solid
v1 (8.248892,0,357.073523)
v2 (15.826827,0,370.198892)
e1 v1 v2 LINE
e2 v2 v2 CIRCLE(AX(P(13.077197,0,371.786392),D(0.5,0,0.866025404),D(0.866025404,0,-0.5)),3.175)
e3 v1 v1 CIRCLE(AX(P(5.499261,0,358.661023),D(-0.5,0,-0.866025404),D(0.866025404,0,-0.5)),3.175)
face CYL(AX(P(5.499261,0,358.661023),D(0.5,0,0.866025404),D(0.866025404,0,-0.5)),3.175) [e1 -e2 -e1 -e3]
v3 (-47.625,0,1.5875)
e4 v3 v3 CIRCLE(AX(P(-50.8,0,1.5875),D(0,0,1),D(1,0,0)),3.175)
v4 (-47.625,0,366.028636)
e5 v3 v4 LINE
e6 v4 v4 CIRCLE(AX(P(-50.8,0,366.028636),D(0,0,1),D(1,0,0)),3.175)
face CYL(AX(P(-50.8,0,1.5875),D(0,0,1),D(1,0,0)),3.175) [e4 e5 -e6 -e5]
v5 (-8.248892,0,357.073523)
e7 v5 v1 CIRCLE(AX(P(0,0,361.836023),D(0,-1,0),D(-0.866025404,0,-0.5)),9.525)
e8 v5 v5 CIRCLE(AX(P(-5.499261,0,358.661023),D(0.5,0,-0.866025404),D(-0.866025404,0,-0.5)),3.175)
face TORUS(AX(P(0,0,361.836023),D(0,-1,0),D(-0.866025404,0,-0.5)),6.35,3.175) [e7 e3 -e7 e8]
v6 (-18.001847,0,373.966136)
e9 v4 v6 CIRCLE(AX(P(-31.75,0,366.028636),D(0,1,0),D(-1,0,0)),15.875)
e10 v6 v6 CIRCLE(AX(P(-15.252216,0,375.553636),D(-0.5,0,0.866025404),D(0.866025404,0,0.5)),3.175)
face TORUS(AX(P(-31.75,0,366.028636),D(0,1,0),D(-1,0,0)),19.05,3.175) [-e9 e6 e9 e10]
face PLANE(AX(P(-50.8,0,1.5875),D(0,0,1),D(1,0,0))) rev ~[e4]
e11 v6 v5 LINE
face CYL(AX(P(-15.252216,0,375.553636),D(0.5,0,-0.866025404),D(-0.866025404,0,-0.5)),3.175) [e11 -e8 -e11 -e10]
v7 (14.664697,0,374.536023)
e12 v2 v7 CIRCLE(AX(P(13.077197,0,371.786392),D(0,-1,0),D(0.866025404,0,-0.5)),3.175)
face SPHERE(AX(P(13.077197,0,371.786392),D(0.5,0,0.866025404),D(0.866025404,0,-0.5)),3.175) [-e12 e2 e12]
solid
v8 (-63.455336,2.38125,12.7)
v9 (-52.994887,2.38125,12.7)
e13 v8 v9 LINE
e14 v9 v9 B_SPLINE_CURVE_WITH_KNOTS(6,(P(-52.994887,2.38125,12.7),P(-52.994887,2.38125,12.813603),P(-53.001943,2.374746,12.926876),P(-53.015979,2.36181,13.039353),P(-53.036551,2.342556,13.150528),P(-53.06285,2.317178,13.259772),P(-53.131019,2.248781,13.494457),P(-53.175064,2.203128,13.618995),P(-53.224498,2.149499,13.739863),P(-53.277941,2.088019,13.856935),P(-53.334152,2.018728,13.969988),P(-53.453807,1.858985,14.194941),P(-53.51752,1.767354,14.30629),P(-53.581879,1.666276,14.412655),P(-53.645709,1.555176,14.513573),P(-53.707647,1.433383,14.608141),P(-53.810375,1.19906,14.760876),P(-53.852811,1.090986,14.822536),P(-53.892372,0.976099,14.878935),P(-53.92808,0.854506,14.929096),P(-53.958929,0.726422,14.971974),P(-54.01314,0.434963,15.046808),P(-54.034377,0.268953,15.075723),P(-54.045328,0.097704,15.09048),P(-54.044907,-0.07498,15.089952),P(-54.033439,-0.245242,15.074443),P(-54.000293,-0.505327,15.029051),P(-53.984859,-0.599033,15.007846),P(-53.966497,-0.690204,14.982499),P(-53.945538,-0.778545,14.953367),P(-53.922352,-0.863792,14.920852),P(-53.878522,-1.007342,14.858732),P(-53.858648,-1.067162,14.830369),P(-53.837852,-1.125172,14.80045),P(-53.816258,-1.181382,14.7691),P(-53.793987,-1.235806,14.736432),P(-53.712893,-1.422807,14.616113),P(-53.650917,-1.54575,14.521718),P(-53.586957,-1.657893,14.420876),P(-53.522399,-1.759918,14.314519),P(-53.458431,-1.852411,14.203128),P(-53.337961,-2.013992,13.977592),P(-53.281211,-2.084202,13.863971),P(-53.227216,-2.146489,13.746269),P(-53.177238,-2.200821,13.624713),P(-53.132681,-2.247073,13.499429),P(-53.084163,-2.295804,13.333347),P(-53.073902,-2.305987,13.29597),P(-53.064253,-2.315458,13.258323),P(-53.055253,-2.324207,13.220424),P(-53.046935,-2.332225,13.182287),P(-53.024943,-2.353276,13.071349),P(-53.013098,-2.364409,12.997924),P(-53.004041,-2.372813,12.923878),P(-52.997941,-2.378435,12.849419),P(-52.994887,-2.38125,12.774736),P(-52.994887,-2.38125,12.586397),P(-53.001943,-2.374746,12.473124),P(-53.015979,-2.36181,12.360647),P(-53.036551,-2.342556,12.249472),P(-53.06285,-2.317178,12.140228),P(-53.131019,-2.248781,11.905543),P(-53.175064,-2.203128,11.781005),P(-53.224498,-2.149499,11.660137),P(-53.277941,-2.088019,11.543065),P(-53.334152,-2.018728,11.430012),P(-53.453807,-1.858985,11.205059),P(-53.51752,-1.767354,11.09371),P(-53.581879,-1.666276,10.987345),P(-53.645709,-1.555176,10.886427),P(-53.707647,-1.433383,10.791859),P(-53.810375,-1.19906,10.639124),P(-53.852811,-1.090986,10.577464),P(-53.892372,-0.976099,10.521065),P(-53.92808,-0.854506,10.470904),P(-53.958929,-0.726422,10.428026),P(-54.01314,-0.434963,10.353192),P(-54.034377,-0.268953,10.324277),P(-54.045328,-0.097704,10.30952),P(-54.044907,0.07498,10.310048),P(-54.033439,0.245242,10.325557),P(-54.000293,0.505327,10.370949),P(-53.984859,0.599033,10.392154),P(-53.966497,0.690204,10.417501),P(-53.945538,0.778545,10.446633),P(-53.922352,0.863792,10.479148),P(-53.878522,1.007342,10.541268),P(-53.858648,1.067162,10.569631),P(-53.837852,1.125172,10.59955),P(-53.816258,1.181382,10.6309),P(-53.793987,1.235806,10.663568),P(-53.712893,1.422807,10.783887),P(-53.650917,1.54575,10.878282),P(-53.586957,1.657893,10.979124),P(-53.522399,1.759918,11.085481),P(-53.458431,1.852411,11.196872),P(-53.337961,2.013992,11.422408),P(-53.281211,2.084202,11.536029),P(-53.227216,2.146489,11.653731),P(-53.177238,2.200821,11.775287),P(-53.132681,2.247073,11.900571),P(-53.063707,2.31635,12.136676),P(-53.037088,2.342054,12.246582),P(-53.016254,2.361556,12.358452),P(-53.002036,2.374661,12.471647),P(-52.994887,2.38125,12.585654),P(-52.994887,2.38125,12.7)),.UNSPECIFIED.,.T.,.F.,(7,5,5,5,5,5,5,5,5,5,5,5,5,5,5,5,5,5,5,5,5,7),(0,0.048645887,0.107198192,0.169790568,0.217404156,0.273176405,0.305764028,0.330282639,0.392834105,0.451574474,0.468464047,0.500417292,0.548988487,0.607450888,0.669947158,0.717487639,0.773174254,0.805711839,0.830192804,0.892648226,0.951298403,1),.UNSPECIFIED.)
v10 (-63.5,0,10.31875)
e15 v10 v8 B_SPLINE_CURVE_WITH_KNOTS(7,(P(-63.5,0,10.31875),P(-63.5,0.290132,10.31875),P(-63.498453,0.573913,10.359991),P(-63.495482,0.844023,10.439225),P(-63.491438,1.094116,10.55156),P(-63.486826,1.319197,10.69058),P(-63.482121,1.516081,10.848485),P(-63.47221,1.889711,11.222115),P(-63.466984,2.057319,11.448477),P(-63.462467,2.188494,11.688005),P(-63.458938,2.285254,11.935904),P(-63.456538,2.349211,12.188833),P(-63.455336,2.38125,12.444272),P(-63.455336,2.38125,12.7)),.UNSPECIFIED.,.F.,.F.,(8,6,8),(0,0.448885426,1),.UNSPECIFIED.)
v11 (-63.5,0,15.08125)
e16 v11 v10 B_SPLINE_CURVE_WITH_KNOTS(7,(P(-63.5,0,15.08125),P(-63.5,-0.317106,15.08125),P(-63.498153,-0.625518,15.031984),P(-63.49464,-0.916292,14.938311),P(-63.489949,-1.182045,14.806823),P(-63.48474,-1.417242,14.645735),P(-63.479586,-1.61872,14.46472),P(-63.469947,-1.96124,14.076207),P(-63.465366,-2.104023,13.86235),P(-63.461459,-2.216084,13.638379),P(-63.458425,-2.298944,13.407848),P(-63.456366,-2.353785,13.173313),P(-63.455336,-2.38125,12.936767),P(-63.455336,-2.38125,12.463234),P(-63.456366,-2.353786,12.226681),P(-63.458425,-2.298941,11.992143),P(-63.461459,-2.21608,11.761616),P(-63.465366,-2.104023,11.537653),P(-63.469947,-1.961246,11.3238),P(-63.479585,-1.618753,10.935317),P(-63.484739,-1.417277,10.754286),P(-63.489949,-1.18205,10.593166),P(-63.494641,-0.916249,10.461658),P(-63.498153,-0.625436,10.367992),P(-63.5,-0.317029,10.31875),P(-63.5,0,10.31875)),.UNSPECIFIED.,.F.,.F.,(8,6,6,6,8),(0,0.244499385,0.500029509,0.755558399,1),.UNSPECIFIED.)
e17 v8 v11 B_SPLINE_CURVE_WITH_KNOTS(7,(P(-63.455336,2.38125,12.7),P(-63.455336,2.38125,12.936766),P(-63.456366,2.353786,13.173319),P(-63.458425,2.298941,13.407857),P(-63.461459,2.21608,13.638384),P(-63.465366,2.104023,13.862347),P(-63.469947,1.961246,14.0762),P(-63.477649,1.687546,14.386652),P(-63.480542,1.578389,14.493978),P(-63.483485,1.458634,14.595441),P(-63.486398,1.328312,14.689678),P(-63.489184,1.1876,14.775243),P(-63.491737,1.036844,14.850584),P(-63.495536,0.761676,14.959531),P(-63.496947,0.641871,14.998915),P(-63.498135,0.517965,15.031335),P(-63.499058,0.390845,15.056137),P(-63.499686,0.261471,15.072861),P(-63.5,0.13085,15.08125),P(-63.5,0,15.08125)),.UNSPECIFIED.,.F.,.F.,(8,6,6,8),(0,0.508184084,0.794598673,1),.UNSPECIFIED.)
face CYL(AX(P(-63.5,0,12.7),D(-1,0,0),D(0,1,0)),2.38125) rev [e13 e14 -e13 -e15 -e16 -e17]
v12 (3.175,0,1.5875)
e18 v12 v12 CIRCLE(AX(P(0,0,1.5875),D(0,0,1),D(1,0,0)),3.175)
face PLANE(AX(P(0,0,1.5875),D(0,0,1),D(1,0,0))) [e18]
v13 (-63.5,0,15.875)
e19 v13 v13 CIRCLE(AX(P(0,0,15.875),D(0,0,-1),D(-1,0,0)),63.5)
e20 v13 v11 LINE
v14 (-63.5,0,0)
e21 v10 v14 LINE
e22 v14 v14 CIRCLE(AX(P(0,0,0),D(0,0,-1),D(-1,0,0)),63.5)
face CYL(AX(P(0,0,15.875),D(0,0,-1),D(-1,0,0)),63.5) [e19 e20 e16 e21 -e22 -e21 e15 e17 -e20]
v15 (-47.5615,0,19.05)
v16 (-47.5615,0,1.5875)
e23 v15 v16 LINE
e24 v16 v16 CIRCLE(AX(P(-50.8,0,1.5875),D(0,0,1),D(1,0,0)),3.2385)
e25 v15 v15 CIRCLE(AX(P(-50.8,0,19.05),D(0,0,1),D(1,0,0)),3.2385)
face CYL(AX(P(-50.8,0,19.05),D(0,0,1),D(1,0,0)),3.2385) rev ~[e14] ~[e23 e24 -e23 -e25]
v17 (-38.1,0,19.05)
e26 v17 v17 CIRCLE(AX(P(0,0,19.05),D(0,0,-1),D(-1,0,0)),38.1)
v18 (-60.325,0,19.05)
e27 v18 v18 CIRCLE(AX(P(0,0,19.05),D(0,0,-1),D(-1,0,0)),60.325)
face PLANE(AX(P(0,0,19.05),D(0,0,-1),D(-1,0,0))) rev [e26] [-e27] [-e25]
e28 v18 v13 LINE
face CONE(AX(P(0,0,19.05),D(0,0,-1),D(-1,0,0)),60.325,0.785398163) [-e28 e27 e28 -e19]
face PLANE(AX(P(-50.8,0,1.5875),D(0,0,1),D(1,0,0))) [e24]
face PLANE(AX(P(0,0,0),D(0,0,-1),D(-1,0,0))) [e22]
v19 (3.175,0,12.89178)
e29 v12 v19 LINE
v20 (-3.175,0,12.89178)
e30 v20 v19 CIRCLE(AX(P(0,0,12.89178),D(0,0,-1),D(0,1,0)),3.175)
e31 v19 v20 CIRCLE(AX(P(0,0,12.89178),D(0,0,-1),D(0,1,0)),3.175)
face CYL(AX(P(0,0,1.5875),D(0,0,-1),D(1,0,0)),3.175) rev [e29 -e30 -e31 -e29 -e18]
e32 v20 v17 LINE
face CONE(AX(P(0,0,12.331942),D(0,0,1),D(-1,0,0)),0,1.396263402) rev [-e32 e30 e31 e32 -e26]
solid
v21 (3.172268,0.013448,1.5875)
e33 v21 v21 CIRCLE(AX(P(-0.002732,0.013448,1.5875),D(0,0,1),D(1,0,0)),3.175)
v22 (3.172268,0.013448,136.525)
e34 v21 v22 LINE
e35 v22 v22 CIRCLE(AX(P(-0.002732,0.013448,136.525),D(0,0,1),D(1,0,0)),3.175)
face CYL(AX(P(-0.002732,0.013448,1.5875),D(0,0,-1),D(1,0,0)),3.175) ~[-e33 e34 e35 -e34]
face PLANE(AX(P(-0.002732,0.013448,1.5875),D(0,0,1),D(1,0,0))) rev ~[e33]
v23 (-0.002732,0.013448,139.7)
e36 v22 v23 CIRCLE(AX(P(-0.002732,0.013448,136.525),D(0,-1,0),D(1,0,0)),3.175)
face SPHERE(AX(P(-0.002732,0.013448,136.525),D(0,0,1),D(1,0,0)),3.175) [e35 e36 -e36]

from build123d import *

# Parameters (mm, degrees)
F2_R      = 3.2385
F3_DEPTH  = 17.4625
F5_START  = 1.5875
F4_R      = 3.175
F5_DEPTH  = 13.6525
F7_START  = 1.5875
F6_R      = 3.175
F7_DEPTH  = 138.1125
F9_R      = 2.38125
F10_DEPTH = 12.7
F12_R     = 3.175
F14_R     = 3.175
F14_2_R   = 3.175


with BuildPart() as f1:
    # F0 (on Front) → F1 (revolve)
    with BuildSketch(Plane.XZ):
        Polygon((-63.5, 0), (0, 0), (0, 12.331942035), (-38.1, 19.05), (-60.325, 19.05), (-63.5, 15.875), align=None)
    revolve(axis=Axis((0, 0, 9.525), (0, 0, -1)))

    # F2 (on face) → F3 (cut)
    with BuildSketch(Plane.XY.offset(19.05)):
        with Locations((-50.8, 0)):
            Circle(F2_R)
    extrude(amount=-F3_DEPTH, mode=Mode.SUBTRACT)

    # F4 (on Top) → F5 (cut)
    with BuildSketch(Plane.XY.offset(F5_START)):
        Circle(F4_R)
    extrude(amount=F5_DEPTH, mode=Mode.SUBTRACT)

    # F9 (on offset) → F10 (cut)
    with BuildSketch(Plane.YZ.offset(-63.5)):
        with Locations((0, 12.7)):
            Circle(F9_R)
    extrude(amount=F10_DEPTH, mode=Mode.SUBTRACT)


with BuildPart() as f7:
    # F6 (on Top) → F7 (new body)
    with BuildSketch(Plane.XY.offset(F7_START)):
        with Locations((-0.0027317612, 0.0134480688)):
            Circle(F6_R)
    extrude(amount=F7_DEPTH)

    # F14
    f14_edges = [f7.edges().sort_by_distance(p)[0] for p in [
        (-3.177732, 0.013448, 139.7),
    ]]
    fillet(f14_edges, radius=F14_R)


with BuildPart() as f13:
    # F13: sweep along a path in F11
    with BuildLine(Plane.XZ) as f13_path:
        Line((-50.8, 1.5875), (-50.8, 366.0286357684))
        ThreePointArc((-50.8, 366.0286357684), (-36.6805028092, 384.4295227592), (-15.2522160579, 375.5536357684))
        Line((-15.2522160579, 375.5536357684), (-5.499261314, 358.6610226281))
        ThreePointArc((-5.499261314, 358.6610226281), (0, 355.4860226281), (5.499261314, 358.6610226281))
        Line((5.499261314, 358.6610226281), (14.6646968374, 374.5360226281))
    # F12 (on face) → F13 (sweep)
    with BuildSketch(Plane.XY.offset(1.5875)):
        with Locations((-50.8, 0)):
            Circle(F12_R)
    sweep(path=f13_path.line)

    # F14#2
    f14_2_edges = [f13.edges().sort_by_distance(p)[0] for p in [
        (11.915066, 0, 376.123523),
    ]]
    fillet(f14_2_edges, radius=F14_2_R)


solid = Compound([f1.part, f7.part, f13.part])
